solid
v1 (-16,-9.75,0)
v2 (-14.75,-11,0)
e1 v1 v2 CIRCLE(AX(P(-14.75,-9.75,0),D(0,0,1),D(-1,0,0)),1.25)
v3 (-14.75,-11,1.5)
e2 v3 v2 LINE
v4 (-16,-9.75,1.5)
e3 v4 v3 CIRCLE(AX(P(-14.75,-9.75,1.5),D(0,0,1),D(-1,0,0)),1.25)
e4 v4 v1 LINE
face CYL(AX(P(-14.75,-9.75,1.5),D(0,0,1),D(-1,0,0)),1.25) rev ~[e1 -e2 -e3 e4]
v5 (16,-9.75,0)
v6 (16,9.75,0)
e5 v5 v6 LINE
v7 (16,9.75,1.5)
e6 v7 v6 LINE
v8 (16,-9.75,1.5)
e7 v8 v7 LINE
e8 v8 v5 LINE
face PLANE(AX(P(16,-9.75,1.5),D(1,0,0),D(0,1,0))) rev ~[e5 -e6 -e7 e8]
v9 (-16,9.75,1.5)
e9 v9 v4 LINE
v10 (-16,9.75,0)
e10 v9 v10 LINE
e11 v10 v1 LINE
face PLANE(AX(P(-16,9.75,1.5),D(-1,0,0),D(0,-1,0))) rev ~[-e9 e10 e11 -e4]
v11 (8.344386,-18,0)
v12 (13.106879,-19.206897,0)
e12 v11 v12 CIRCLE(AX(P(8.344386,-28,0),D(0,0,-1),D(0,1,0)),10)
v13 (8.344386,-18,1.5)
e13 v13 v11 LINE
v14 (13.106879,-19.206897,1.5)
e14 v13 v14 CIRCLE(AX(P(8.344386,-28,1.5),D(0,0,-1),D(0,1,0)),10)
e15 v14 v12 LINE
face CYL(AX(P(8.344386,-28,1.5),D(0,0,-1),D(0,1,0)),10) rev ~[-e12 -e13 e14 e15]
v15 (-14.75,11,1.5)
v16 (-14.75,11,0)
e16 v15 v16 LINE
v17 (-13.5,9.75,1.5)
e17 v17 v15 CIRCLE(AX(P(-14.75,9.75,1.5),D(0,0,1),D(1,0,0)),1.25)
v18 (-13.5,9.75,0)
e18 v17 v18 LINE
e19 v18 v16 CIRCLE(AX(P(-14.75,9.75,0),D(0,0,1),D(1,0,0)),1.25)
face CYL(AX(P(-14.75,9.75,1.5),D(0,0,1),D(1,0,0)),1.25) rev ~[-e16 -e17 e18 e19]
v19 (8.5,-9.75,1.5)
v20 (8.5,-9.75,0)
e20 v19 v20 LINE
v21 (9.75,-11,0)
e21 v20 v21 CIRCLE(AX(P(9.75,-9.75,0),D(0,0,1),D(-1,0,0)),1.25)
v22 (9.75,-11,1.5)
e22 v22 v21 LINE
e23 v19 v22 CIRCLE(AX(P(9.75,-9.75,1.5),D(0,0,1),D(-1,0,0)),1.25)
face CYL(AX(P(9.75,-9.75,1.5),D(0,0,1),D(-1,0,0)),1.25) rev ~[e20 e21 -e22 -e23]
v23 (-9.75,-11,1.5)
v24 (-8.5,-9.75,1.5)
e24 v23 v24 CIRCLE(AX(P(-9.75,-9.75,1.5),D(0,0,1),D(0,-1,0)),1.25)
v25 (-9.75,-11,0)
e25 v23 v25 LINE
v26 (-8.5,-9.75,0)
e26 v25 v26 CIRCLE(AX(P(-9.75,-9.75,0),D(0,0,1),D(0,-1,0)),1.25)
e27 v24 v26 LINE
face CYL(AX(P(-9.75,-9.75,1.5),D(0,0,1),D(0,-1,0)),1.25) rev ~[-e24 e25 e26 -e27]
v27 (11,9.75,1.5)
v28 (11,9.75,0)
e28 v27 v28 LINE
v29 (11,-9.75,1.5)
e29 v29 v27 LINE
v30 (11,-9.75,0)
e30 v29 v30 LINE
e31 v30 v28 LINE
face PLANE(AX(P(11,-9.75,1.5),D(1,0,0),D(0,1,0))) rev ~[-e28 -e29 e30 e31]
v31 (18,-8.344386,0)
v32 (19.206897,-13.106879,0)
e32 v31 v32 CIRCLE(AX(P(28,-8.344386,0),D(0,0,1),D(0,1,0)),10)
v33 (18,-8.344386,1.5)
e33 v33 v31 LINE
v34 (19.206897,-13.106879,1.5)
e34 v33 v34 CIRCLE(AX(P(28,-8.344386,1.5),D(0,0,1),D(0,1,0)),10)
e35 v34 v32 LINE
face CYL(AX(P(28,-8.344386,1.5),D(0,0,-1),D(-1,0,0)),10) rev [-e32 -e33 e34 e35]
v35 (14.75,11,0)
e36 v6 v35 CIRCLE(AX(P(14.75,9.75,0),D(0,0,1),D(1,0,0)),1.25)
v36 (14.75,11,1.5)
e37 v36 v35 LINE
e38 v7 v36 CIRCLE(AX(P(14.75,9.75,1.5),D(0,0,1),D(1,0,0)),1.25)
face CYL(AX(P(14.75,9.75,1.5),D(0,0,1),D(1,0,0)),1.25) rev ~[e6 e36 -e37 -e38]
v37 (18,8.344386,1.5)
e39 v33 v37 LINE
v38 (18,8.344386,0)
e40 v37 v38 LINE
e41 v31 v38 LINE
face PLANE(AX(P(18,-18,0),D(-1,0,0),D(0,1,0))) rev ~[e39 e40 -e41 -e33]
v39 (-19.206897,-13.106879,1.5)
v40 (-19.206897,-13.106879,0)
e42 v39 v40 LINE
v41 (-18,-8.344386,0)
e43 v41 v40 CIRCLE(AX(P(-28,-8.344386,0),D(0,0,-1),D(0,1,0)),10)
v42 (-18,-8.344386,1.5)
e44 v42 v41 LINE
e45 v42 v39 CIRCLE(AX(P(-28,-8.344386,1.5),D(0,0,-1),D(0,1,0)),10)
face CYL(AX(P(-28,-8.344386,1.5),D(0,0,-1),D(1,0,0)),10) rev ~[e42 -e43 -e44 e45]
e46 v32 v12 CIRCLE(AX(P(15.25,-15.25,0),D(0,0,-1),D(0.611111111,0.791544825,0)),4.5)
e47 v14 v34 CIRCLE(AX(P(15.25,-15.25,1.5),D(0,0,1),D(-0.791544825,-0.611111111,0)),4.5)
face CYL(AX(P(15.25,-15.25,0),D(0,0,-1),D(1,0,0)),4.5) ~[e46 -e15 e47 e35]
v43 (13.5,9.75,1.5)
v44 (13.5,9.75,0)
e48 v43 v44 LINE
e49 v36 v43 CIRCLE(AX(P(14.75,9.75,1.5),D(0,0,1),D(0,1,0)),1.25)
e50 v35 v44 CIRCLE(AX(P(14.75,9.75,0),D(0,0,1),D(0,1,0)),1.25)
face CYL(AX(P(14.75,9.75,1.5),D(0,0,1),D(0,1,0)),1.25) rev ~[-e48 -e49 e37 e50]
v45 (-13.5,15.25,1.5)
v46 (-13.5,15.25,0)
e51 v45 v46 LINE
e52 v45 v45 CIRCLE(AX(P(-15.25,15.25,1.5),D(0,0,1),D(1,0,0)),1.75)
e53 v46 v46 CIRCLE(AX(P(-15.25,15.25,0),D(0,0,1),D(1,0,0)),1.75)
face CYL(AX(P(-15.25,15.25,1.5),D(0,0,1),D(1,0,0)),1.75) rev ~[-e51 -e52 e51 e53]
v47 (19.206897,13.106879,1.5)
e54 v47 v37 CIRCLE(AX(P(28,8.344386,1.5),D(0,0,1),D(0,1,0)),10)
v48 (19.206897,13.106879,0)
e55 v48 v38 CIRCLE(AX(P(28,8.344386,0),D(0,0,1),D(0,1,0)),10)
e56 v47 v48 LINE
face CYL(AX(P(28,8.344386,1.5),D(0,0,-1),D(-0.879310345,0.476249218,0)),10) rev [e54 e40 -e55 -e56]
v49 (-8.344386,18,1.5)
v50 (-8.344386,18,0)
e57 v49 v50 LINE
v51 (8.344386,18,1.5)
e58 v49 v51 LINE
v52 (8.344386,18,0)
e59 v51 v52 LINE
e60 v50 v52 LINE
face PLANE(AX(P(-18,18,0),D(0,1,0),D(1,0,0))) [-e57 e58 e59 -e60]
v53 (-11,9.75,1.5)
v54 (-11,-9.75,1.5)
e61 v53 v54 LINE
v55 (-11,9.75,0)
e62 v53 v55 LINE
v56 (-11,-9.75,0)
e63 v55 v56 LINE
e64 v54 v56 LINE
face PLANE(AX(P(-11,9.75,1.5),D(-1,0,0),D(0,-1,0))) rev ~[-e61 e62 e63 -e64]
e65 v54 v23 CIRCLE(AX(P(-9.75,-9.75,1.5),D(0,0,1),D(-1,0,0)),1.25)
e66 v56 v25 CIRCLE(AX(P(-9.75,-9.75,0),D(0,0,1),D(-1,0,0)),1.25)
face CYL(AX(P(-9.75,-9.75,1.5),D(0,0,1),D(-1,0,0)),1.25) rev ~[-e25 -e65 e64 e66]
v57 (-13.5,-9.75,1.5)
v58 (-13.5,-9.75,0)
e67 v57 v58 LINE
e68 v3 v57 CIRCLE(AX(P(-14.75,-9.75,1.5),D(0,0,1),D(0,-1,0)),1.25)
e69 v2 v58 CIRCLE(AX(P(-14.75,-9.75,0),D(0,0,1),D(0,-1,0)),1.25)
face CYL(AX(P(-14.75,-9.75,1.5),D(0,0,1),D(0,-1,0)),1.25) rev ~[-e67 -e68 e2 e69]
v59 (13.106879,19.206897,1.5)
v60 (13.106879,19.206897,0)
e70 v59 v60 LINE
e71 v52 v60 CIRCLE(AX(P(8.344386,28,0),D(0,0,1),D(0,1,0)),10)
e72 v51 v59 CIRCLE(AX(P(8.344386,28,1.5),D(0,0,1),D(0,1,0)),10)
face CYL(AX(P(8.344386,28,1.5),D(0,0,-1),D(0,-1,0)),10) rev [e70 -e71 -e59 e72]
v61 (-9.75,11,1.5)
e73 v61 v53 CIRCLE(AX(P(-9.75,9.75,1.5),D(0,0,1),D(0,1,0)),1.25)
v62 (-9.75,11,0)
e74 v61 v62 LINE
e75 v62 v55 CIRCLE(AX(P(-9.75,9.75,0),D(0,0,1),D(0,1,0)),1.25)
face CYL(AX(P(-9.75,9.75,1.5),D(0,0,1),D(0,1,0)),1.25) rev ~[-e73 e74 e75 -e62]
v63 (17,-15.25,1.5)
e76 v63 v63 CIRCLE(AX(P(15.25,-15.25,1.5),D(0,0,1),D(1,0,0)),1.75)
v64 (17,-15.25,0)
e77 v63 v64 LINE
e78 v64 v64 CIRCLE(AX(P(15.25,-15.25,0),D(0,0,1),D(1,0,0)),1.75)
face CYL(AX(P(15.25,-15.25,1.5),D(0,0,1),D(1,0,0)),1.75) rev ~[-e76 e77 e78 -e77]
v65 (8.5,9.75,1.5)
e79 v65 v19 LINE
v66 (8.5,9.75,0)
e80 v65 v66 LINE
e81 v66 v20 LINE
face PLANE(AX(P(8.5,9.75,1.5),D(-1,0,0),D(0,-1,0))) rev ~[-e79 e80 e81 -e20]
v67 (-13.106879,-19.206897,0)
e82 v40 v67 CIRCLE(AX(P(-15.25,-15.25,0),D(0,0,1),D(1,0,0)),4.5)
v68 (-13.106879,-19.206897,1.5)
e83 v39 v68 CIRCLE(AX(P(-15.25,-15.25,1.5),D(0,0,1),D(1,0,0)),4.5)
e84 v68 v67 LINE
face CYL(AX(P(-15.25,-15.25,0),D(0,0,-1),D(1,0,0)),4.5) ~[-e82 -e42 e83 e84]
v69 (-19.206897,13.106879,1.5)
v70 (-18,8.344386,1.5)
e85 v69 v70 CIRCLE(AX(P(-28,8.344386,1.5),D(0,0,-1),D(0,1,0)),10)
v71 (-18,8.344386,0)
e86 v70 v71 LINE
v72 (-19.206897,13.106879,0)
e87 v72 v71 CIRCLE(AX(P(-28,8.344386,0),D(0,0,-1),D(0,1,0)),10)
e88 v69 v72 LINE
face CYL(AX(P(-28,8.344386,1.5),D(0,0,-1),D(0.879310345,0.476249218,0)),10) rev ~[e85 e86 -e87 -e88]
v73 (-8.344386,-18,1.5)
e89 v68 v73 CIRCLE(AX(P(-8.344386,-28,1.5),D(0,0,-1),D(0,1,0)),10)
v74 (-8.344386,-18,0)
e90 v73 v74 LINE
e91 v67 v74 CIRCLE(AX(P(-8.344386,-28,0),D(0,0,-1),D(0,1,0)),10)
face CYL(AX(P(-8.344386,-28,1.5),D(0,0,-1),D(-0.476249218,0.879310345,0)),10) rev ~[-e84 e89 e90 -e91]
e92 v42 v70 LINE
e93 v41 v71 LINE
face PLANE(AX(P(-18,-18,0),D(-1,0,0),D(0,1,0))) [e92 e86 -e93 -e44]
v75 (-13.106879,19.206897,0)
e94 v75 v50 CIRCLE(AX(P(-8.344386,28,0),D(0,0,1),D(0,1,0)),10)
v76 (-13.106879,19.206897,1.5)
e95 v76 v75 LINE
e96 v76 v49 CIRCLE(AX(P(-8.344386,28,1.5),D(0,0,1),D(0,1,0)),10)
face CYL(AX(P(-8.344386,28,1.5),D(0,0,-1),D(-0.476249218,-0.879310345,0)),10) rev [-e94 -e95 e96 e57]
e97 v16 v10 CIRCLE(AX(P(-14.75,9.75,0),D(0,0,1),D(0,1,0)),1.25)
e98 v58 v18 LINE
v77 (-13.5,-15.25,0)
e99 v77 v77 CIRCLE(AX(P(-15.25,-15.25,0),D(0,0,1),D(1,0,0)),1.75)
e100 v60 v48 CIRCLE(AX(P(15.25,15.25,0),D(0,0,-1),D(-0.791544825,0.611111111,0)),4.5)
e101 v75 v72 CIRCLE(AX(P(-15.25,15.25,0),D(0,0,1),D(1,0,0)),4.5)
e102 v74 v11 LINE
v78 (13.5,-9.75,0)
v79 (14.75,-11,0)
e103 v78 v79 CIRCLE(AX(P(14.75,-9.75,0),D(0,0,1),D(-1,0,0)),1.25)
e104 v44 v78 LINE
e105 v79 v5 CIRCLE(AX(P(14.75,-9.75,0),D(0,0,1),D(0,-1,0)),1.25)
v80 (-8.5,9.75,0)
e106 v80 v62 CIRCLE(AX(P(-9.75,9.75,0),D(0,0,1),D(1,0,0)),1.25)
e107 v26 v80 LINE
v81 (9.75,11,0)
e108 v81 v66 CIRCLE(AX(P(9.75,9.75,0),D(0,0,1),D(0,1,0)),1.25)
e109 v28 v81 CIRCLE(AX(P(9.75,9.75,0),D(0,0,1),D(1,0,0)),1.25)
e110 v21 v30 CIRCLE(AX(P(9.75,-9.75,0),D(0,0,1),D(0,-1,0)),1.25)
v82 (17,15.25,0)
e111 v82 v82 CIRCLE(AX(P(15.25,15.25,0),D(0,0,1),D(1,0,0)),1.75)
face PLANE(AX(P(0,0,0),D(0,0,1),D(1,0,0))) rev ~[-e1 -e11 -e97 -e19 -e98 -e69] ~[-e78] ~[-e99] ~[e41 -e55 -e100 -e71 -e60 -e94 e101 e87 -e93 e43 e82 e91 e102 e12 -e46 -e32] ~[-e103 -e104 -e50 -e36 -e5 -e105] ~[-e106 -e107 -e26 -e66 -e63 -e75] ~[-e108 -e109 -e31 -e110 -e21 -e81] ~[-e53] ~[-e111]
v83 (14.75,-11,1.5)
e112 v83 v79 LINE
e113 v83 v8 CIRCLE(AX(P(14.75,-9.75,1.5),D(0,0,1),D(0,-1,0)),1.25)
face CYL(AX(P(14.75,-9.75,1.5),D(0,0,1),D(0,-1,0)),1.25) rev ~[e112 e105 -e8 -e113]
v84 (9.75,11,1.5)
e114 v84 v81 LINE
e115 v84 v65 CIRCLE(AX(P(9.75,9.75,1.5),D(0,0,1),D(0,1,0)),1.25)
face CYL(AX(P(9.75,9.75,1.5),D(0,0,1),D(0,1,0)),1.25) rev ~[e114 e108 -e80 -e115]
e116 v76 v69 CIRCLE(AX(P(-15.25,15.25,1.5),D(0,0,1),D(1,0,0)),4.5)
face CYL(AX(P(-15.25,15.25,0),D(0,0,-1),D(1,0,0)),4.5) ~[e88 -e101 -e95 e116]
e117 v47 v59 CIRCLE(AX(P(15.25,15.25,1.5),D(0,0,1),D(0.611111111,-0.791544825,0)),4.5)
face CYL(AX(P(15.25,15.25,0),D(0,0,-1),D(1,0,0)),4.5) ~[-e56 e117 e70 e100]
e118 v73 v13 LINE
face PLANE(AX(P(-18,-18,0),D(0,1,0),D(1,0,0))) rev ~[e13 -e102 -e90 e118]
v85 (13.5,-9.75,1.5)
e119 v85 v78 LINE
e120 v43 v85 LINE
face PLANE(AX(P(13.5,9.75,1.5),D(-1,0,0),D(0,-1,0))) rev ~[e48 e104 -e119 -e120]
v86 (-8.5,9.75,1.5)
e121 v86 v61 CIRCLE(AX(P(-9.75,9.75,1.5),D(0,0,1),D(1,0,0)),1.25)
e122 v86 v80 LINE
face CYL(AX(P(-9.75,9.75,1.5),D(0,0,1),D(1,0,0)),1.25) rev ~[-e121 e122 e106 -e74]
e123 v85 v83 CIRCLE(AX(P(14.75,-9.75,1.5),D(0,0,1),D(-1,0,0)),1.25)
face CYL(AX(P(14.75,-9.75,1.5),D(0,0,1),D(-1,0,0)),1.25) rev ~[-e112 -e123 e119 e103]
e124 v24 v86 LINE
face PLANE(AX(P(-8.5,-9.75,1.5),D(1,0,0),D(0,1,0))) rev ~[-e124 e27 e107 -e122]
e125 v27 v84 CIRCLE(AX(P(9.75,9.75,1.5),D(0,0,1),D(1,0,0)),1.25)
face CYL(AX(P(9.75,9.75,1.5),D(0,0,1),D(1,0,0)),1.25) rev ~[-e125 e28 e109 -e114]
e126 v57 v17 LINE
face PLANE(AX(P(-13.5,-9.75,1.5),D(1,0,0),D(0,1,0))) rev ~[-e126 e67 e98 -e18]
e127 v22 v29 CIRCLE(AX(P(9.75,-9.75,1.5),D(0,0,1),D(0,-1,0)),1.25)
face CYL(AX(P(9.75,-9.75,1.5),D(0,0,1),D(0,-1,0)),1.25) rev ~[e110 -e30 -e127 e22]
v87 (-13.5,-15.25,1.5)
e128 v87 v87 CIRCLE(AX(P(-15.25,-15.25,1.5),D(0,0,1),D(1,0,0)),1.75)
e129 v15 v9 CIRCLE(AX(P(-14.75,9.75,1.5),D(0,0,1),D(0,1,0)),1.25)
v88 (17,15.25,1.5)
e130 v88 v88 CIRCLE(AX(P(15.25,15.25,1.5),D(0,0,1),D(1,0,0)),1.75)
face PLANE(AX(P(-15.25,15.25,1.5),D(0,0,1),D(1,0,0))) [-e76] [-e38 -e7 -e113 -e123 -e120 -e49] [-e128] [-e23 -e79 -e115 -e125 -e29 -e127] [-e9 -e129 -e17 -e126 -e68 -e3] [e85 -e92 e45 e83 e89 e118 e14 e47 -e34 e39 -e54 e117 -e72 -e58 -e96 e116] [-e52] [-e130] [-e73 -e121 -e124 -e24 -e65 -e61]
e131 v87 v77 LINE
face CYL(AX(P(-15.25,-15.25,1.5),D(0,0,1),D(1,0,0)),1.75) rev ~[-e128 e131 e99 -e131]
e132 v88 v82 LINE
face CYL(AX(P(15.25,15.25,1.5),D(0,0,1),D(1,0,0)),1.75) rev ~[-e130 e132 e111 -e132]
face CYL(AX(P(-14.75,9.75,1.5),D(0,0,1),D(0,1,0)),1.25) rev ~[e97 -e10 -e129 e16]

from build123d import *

# Parameters (mm, degrees)
F0_W     = 36
F0_H     = 36
F1_DEPTH = 1.5
F2_R     = 4.5
F3_DEPTH = 1.5
F4_R     = 1.75
F5_DEPTH = 1.501
F7_DEPTH = 1.501
F8_R     = 10


with BuildPart() as f1:
    # F0 (on Top) → F1 (new body)
    with BuildSketch(Plane.XY):
        Rectangle(F0_W, F0_H)
    extrude(amount=F1_DEPTH)

    # F2 (on Top) → F3 (join)
    with BuildSketch(Plane.XY):
        with Locations((-15.25, 15.25)):
            Circle(F2_R)
        with Locations((15.25, 15.25)):
            Circle(F2_R)
        with Locations((-15.25, -15.25)):
            Circle(F2_R)
        with Locations((15.25, -15.25)):
            Circle(F2_R)
    extrude(amount=F3_DEPTH)

    # F4 (on face) → F5 (cut, through all)
    with BuildSketch(Plane.XY.offset(1.5)):
        with Locations((-15.25, -15.25)):
            Circle(F4_R)
        with Locations((15.25, -15.25)):
            Circle(F4_R)
        with Locations((-15.25, 15.25)):
            Circle(F4_R)
        with Locations((15.25, 15.25)):
            Circle(F4_R)
    extrude(amount=-F5_DEPTH, mode=Mode.SUBTRACT)

    # F6 (on face) → F7 (cut, through all)
    with BuildSketch(Plane.XY.offset(1.5)):
        with BuildLine():
            ThreePointArc((-9.75, 11), (-10.6338834765, 10.6338834765), (-11, 9.75))
            Line((-11, 9.75), (-11, -9.75))
            ThreePointArc((-11, -9.75), (-10.6338834765, -10.6338834765), (-9.75, -11))
            ThreePointArc((-9.75, -11), (-8.8661165235, -10.6338834765), (-8.5, -9.75))
            Line((-8.5, -9.75), (-8.5, 9.75))
            ThreePointArc((-8.5, 9.75), (-8.8661165235, 10.6338834765), (-9.75, 11))
        make_face()
        with BuildLine():
            ThreePointArc((-14.75, 11), (-15.6338834765, 10.6338834765), (-16, 9.75))
            Line((-16, 9.75), (-16, -9.75))
            ThreePointArc((-16, -9.75), (-15.6338834765, -10.6338834765), (-14.75, -11))
            ThreePointArc((-14.75, -11), (-13.8661165235, -10.6338834765), (-13.5, -9.75))
            Line((-13.5, -9.75), (-13.5, 9.75))
            ThreePointArc((-13.5, 9.75), (-13.8661165235, 10.6338834765), (-14.75, 11))
        make_face()
        with BuildLine():
            ThreePointArc((9.75, 11), (8.8661165235, 10.6338834765), (8.5, 9.75))
            Line((8.5, 9.75), (8.5, -9.75))
            ThreePointArc((8.5, -9.75), (8.8661165235, -10.6338834765), (9.75, -11))
            ThreePointArc((9.75, -11), (10.6338834765, -10.6338834765), (11, -9.75))
            Line((11, -9.75), (11, 9.75))
            ThreePointArc((11, 9.75), (10.6338834765, 10.6338834765), (9.75, 11))
        make_face()
        with BuildLine():
            Line((16, -9.75), (16, 9.75))
            ThreePointArc((16, 9.75), (15.6338834765, 10.6338834765), (14.75, 11))
            ThreePointArc((14.75, 11), (13.8661165235, 10.6338834765), (13.5, 9.75))
            Line((13.5, 9.75), (13.5, -9.75))
            ThreePointArc((13.5, -9.75), (13.8661165235, -10.6338834765), (14.75, -11))
            ThreePointArc((14.75, -11), (15.6338834765, -10.6338834765), (16, -9.75))
        make_face()
    extrude(amount=-F7_DEPTH, mode=Mode.SUBTRACT)

    # F8
    f8_edges = [f1.edges().sort_by_distance(p)[0] for p in [
        (-18, 11.688048, 0.75),
        (-11.688048, 18, 0.75),
        (11.688048, 18, 0.75),
        (18, 11.688048, 0.75),
        (18, -11.688048, 0.75),
        (11.688048, -18, 0.75),
        (-11.688048, -18, 0.75),
        (-18, -11.688048, 0.75),
    ]]
    fillet(f8_edges, radius=F8_R)


solid = f1.part
